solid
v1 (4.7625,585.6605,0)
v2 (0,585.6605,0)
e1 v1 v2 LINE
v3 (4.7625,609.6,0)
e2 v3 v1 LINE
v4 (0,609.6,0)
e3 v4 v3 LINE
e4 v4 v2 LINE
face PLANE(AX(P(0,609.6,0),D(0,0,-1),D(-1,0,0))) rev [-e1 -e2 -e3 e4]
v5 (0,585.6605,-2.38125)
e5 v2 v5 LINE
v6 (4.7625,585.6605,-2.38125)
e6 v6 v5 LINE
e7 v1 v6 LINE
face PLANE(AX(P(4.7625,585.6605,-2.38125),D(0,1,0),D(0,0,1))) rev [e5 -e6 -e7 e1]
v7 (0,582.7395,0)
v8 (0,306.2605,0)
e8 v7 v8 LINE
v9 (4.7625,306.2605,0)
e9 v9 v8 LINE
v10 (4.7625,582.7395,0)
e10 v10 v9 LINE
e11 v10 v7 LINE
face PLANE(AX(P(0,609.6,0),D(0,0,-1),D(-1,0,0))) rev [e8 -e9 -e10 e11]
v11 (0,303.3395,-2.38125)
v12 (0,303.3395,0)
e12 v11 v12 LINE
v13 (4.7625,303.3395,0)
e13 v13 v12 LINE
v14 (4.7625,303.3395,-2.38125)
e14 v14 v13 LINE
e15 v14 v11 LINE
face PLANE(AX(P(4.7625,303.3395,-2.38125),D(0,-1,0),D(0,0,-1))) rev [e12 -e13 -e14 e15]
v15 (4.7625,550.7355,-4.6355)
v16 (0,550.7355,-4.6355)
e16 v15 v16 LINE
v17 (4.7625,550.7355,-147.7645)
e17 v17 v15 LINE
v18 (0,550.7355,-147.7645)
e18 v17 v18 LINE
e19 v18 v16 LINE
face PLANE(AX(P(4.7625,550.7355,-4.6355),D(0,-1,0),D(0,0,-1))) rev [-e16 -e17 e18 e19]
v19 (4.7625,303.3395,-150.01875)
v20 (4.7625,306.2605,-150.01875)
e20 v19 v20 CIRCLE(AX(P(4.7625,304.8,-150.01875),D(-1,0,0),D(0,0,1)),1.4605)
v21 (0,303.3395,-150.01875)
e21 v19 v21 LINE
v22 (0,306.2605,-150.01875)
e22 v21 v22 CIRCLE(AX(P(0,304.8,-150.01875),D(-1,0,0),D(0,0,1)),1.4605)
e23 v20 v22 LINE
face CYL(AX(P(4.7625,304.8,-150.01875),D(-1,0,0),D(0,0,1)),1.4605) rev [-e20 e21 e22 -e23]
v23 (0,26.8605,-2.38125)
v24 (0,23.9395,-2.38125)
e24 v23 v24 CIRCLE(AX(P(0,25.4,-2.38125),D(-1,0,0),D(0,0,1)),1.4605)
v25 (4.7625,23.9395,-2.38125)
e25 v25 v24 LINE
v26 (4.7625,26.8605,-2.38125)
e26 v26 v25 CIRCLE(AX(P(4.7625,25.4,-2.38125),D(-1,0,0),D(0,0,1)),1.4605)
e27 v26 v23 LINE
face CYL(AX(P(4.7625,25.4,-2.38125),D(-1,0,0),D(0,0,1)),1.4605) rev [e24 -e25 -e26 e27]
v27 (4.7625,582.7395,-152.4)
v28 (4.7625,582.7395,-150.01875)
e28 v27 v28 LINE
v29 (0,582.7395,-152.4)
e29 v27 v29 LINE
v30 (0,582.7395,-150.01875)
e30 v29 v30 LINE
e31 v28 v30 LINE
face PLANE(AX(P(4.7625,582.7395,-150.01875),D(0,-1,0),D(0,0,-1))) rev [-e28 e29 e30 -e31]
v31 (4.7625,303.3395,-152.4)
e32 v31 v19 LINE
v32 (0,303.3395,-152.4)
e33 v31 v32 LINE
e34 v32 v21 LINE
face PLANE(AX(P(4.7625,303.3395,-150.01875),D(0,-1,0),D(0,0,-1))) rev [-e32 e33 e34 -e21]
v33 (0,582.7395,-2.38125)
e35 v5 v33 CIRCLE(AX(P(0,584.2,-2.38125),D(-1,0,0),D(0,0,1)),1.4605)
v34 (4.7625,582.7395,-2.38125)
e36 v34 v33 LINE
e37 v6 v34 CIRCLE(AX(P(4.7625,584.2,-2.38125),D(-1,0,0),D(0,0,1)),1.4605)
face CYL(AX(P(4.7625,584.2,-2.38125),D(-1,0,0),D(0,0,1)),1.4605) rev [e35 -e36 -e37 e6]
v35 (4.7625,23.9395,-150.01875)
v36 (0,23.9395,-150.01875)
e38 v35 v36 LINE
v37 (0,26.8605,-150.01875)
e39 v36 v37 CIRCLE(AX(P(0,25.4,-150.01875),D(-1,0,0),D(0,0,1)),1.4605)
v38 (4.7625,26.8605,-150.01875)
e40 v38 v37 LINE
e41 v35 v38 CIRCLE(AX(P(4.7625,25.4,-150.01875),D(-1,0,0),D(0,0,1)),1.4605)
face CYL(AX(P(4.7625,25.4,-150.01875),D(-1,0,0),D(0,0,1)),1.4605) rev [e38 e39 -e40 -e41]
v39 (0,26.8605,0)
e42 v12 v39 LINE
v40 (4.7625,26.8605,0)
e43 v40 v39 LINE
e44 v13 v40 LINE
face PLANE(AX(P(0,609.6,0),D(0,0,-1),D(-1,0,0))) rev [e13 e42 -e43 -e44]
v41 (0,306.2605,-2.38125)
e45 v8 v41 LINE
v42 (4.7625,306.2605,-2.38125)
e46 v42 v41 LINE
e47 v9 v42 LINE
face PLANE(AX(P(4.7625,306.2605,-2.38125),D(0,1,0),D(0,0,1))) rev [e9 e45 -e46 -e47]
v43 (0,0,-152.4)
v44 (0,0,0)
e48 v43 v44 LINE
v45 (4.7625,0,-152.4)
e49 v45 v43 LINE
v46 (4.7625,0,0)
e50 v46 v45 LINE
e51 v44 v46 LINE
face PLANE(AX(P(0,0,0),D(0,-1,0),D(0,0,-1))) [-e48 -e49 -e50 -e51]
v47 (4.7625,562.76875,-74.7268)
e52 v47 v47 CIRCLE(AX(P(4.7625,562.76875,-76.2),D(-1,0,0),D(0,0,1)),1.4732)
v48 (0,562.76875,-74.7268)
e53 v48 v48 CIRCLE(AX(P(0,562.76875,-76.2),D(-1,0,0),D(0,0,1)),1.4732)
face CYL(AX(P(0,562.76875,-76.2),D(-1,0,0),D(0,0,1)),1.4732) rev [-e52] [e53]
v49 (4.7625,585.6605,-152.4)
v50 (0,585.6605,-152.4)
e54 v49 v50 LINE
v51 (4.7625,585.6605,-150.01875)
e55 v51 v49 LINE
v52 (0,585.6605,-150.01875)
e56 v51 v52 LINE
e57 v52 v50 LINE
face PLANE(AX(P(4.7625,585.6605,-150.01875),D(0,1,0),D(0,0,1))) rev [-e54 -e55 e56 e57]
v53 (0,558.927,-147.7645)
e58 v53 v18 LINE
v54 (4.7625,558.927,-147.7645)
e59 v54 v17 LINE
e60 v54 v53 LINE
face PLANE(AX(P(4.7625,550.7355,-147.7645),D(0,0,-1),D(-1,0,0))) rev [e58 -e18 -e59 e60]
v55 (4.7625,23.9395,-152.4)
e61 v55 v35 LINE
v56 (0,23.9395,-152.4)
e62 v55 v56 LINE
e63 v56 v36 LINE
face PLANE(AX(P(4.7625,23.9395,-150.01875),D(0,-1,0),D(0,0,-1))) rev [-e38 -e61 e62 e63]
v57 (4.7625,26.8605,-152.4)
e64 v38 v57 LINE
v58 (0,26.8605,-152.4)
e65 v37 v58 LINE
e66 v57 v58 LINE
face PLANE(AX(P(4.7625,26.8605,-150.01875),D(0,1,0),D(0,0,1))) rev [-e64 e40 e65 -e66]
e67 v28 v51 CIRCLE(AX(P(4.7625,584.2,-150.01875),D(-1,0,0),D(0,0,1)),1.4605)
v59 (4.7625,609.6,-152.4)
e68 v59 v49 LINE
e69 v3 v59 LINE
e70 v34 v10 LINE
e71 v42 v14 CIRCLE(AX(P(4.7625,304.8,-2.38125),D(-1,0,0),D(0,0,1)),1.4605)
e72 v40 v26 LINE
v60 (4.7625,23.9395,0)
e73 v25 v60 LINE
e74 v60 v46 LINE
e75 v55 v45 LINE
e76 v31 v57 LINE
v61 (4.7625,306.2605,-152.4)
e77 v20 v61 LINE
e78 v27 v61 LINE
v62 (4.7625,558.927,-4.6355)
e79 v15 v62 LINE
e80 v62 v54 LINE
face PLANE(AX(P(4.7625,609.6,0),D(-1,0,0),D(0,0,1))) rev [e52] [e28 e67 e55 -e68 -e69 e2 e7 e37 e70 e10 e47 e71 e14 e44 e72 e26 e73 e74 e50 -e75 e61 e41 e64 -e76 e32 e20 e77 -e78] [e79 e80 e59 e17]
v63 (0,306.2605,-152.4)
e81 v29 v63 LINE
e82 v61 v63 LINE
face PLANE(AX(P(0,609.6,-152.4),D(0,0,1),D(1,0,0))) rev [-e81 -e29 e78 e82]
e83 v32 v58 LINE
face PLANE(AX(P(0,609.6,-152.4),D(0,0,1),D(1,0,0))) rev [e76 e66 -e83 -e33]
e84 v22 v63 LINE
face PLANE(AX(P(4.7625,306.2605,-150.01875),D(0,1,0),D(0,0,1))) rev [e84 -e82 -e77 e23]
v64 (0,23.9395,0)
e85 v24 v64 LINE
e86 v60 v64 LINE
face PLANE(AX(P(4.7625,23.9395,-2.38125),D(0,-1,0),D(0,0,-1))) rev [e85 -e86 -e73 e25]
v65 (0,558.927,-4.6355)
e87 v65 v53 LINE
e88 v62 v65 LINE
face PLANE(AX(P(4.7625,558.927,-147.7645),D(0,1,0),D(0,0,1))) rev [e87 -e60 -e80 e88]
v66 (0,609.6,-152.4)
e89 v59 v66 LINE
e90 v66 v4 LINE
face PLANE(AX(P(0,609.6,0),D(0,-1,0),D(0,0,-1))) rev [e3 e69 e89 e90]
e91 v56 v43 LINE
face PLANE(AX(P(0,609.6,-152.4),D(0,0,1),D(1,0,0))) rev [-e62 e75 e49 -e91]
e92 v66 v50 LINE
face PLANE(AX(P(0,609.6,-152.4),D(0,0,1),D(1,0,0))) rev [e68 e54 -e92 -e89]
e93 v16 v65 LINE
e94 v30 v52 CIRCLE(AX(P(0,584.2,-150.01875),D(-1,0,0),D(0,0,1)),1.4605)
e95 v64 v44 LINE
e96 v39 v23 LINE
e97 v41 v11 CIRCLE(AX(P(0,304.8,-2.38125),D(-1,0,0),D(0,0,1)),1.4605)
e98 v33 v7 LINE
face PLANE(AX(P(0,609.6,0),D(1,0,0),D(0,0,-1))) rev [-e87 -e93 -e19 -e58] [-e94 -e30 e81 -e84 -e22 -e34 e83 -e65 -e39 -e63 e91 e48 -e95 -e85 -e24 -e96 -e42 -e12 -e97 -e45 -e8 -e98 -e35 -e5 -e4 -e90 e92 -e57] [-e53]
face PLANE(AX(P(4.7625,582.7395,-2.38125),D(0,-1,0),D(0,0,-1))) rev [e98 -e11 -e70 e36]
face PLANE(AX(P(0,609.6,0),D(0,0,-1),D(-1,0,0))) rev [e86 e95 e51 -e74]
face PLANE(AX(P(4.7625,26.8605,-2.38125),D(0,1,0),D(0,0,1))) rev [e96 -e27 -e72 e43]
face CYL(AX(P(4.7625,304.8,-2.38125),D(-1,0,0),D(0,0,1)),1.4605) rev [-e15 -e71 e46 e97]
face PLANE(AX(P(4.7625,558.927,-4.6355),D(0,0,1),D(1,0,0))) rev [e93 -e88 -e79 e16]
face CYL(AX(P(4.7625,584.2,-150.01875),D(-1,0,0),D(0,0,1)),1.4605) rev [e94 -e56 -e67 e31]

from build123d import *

# Parameters (mm, degrees)
SKETCH1_W             = 4.7625
SKETCH1_H             = 152.4
BOSS_EXTRUDE1_DEPTH   = 609.6
SKETCH2_W             = 142.875
SKETCH2_H             = 7.9375
CUT_EXTRUDE1_DEPTH    = 629.379345146
CUT_EXTRUDE2_DEPTH    = 629.379345146
F_4_CLEARANCE_HOLE1_D = 2.9464
SKETCH6_W             = 143.129
SKETCH6_H             = 8.1915
SKETCH6_W_2           = 142.875
SKETCH6_H_2           = 7.9375
CUT_EXTRUDE3_DEPTH    = 629.379345146


with BuildPart() as part:
    # Sketch1 → Boss-Extrude1 (new body)
    with BuildSketch(Plane(origin=(0, 0, 0), x_dir=(1, 0, 0), z_dir=(0, 1, 0))):
        with Locations((2.38125, 76.2)):
            Rectangle(SKETCH1_W, SKETCH1_H)
    extrude(amount=BOSS_EXTRUDE1_DEPTH)

    # Sketch2 → Cut-Extrude1 (cut, through all)
    with BuildSketch(Plane(origin=(4.7625, 0, 0), x_dir=(0, 0, -1), z_dir=(1, 0, 0))):
        with Locations((76.2, 554.83125)):
            Rectangle(SKETCH2_W, SKETCH2_H)
    extrude(amount=-CUT_EXTRUDE1_DEPTH, mode=Mode.SUBTRACT)

    # Sketch3 → Cut-Extrude2 (cut, through all)
    with BuildSketch(Plane.ZY):
        with BuildLine():
            Line((-2.38125, 582.7395), (0, 582.7395))
            Line((0, 582.7395), (0, 585.6605))
            Line((0, 585.6605), (-2.38125, 585.6605))
            ThreePointArc((-2.38125, 585.6605), (-3.84175, 584.2), (-2.38125, 582.7395))
        make_face()
        with BuildLine():
            Line((-150.01875, 585.6605), (-152.4, 585.6605))
            Line((-152.4, 585.6605), (-152.4, 582.7395))
            Line((-152.4, 582.7395), (-150.01875, 582.7395))
            ThreePointArc((-150.01875, 582.7395), (-148.55825, 584.2), (-150.01875, 585.6605))
        make_face()
        with BuildLine():
            Line((-150.01875, 303.3395), (-152.4, 303.3395))
            Line((-152.4, 303.3395), (-152.4, 306.2605))
            Line((-152.4, 306.2605), (-150.01875, 306.2605))
            ThreePointArc((-150.01875, 306.2605), (-148.55825, 304.8), (-150.01875, 303.3395))
        make_face()
        with BuildLine():
            Line((-2.38125, 303.3395), (0, 303.3395))
            Line((0, 303.3395), (0, 306.2605))
            Line((0, 306.2605), (-2.38125, 306.2605))
            ThreePointArc((-2.38125, 306.2605), (-3.84175, 304.8), (-2.38125, 303.3395))
        make_face()
        with BuildLine():
            Line((-2.38125, 23.9395), (0, 23.9395))
            Line((0, 23.9395), (0, 26.8605))
            Line((0, 26.8605), (-2.38125, 26.8605))
            ThreePointArc((-2.38125, 26.8605), (-3.84175, 25.4), (-2.38125, 23.9395))
        make_face()
        with BuildLine():
            Line((-150.01875, 23.9395), (-152.4, 23.9395))
            Line((-152.4, 23.9395), (-152.4, 26.8605))
            Line((-152.4, 26.8605), (-150.01875, 26.8605))
            ThreePointArc((-150.01875, 26.8605), (-148.55825, 25.4), (-150.01875, 23.9395))
        make_face()
    extrude(amount=-CUT_EXTRUDE2_DEPTH, mode=Mode.SUBTRACT)

    # #4 Clearance Hole1 (through all)
    with Locations(Plane.ZY):
        with Locations((-76.2, 562.76875)):
            Hole(F_4_CLEARANCE_HOLE1_D / 2)

    # Sketch6 → Cut-Extrude3 (cut, through all)
    with BuildSketch(Plane.ZY):
        with Locations((-76.2, 554.83125)):
            Rectangle(SKETCH6_W, SKETCH6_H)
        with Locations((-76.2, 554.83125)):
            Rectangle(SKETCH6_W_2, SKETCH6_H_2, mode=Mode.SUBTRACT)
    extrude(amount=-CUT_EXTRUDE3_DEPTH, mode=Mode.SUBTRACT)


solid = part.part
